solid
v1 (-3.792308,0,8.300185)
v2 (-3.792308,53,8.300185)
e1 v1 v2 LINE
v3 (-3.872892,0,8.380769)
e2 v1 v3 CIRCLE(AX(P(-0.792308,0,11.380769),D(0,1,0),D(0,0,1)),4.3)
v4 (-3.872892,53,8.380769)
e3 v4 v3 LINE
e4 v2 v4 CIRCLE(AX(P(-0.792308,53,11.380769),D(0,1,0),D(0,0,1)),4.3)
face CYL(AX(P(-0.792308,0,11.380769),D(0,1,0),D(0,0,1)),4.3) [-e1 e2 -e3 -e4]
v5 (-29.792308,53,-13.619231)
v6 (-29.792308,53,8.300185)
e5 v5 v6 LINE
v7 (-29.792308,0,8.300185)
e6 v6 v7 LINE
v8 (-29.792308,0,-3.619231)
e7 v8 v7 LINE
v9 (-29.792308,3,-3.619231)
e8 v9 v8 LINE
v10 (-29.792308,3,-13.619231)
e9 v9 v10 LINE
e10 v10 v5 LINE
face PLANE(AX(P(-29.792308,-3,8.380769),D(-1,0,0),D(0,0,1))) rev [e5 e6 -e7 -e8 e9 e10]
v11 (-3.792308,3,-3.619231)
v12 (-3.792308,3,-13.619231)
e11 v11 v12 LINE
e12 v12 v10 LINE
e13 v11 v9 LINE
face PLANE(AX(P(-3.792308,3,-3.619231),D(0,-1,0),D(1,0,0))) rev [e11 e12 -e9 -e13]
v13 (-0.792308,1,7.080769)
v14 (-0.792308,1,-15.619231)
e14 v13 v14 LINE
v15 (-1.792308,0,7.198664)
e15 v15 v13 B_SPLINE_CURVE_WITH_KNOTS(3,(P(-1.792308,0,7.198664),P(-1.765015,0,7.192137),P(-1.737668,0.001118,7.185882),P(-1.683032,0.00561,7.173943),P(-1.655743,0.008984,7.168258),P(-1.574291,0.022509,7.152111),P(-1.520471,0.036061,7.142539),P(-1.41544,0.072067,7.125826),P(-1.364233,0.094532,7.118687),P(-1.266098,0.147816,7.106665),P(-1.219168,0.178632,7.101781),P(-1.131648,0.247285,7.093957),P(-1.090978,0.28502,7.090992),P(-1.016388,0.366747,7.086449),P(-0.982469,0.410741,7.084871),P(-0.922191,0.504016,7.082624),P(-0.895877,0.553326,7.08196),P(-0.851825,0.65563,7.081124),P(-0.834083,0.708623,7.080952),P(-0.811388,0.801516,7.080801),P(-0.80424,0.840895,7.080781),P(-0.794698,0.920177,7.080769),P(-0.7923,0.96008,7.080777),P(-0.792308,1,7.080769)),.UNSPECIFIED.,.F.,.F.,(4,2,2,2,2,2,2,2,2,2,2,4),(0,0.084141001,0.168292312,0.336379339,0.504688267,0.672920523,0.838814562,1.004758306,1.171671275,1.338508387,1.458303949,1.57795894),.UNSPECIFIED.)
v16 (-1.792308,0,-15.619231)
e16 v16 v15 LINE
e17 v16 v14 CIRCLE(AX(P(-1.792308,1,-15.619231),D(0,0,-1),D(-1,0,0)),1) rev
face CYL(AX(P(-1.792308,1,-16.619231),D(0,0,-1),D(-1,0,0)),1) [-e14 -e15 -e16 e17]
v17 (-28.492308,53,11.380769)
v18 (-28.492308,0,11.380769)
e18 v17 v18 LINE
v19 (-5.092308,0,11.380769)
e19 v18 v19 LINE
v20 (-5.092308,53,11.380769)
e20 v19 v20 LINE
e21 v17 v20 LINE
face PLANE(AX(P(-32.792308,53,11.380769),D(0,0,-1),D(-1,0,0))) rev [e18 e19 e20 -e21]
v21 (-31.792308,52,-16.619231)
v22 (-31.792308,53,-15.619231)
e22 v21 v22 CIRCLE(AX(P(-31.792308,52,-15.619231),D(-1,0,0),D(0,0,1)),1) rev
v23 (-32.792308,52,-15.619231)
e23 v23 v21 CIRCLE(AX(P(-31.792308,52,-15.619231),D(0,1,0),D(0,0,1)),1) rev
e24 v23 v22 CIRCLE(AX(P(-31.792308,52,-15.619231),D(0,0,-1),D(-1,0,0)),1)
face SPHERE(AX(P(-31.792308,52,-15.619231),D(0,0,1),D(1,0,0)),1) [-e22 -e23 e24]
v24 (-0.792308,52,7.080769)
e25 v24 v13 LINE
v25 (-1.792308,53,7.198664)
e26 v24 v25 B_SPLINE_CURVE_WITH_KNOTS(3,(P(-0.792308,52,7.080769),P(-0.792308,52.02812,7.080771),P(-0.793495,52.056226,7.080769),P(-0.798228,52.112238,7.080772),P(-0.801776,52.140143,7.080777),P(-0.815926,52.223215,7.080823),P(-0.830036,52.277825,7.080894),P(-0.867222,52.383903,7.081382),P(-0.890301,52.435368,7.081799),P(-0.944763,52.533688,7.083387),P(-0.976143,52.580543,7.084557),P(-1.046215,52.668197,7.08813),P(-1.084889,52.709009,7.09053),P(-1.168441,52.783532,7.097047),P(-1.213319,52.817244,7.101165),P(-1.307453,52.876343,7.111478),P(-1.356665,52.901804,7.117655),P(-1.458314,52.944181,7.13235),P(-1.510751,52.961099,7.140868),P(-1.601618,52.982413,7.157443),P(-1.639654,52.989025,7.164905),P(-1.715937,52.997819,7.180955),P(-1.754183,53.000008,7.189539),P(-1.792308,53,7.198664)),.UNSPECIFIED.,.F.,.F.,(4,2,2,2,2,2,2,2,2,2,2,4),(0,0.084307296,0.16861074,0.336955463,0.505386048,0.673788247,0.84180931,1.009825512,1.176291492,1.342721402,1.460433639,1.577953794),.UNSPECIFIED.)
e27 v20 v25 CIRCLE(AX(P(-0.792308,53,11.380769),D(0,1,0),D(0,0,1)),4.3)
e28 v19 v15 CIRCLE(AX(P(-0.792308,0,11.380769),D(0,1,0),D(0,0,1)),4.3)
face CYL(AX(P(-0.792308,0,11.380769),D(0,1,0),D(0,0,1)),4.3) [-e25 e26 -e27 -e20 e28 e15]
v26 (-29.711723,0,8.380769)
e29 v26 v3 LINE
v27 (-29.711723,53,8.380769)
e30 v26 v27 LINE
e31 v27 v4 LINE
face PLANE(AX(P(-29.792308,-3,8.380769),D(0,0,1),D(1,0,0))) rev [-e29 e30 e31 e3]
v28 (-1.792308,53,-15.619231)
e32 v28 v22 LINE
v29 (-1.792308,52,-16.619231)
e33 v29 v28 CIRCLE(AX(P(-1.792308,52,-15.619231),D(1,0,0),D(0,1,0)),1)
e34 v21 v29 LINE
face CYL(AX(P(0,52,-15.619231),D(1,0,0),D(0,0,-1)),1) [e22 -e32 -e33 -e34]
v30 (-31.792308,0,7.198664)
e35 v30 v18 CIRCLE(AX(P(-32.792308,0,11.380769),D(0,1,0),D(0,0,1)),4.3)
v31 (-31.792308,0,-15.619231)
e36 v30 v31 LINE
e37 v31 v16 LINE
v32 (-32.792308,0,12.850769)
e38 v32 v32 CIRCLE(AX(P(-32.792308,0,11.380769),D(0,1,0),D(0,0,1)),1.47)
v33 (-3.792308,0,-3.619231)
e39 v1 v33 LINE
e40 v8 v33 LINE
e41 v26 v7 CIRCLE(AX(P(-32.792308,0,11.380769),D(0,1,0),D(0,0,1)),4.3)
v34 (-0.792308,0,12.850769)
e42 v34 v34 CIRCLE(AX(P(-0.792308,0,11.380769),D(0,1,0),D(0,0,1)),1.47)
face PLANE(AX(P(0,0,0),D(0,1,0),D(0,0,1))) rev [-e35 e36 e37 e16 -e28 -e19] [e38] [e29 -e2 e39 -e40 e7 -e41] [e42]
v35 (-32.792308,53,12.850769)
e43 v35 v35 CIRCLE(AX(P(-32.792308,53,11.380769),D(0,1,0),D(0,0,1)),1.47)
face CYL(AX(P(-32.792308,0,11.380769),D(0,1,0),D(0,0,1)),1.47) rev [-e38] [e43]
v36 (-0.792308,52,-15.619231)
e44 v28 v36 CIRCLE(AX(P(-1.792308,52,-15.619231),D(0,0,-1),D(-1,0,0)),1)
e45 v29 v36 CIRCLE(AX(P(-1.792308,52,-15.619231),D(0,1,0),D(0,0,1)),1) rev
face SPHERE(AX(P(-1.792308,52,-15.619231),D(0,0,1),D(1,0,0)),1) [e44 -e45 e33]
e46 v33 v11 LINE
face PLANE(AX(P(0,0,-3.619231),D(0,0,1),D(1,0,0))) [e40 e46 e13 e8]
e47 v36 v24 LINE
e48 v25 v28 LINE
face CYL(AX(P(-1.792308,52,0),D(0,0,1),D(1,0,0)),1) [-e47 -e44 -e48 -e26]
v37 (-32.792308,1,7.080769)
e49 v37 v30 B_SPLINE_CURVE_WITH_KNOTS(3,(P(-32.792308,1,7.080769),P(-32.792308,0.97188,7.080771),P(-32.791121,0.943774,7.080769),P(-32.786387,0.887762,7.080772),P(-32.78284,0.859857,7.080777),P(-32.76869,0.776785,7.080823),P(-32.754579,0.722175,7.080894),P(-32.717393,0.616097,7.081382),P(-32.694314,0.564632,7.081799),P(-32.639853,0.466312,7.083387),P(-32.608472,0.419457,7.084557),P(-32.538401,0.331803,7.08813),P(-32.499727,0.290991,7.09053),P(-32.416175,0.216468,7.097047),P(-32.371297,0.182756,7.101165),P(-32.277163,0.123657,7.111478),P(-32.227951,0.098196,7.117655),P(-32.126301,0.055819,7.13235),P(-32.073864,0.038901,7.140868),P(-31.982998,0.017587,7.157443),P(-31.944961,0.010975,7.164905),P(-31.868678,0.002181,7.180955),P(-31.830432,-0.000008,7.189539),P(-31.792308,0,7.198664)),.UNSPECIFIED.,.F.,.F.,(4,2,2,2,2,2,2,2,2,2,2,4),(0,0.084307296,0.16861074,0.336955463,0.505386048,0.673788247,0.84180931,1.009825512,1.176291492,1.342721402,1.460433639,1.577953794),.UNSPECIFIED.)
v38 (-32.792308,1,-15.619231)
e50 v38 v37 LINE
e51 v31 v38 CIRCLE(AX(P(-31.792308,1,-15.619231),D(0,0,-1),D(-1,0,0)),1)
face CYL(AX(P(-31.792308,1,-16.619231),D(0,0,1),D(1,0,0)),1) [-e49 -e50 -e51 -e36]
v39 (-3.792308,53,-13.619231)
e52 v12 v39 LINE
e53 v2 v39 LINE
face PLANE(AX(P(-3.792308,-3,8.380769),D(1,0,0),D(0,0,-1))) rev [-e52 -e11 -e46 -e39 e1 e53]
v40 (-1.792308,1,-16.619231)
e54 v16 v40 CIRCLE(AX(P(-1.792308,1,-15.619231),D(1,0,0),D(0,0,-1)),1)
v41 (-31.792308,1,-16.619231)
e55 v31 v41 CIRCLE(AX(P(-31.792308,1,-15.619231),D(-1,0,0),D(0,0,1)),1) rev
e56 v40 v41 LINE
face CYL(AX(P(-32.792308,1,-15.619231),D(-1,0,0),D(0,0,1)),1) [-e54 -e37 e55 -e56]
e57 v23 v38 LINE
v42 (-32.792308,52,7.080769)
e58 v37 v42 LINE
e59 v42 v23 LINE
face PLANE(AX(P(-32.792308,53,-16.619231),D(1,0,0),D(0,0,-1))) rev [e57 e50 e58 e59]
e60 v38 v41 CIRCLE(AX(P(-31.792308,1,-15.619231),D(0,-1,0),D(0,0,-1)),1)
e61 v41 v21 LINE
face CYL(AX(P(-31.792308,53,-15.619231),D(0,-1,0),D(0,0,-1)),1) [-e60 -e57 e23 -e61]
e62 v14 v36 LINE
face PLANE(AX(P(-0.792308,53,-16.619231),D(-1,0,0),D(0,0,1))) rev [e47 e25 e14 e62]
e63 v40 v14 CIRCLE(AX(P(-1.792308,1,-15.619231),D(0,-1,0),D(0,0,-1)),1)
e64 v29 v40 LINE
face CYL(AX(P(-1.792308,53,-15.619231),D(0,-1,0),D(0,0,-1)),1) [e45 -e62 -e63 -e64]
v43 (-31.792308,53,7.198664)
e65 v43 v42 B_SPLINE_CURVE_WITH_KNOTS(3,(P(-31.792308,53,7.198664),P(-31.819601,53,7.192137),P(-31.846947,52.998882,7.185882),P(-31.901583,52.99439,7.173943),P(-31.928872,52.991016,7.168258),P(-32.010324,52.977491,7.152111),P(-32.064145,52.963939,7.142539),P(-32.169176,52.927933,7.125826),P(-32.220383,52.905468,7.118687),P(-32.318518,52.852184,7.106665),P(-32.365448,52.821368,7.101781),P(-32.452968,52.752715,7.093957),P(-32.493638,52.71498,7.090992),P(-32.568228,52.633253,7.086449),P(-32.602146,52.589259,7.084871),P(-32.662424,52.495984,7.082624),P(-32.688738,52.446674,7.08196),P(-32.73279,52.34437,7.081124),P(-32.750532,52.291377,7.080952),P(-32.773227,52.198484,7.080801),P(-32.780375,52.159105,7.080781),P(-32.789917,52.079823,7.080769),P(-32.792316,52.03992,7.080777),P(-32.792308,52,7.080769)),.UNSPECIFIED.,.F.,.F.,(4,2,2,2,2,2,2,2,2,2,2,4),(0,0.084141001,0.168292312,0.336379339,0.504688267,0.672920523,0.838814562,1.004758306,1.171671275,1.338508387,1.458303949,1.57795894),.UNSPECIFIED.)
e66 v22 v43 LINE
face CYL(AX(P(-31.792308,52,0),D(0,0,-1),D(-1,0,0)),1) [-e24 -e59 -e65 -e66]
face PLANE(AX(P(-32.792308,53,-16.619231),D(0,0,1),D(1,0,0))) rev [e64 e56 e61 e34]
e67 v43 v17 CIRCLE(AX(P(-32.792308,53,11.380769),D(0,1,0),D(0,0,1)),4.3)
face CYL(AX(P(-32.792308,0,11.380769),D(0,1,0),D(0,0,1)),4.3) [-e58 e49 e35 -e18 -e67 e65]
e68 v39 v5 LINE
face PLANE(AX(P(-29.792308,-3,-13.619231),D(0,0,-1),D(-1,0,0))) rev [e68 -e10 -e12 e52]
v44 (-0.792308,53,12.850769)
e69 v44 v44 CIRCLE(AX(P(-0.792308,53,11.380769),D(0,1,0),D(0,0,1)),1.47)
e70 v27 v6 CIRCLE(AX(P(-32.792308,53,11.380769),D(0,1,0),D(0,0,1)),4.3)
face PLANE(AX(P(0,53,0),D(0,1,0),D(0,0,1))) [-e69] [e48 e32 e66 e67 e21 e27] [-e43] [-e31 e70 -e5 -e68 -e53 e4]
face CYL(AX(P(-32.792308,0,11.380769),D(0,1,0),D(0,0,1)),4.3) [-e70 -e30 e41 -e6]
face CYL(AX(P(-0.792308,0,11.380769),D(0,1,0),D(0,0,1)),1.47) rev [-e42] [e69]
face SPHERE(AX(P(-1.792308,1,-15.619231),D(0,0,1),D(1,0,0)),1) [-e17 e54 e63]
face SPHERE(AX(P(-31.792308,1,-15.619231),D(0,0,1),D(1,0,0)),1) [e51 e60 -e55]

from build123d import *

# Parameters (mm, degrees)
SKETCH1_W           = 32
SKETCH1_H           = 28
BOSS_EXTRUDE1_DEPTH = 53
SKETCH2_W           = 26
SKETCH2_H           = 22
CUT_EXTRUDE1_DEPTH  = 56
SKETCH9_R           = 4.3
BOSS_EXTRUDE5_DEPTH = 53
SKETCH10_R          = 1.47
CUT_EXTRUDE5_DEPTH  = 53
SKETCH11_R          = 4.3
BOSS_EXTRUDE6_DEPTH = 53
SKETCH12_W          = 26
SKETCH12_H          = 3
BOSS_EXTRUDE7_DEPTH = 10
SKETCH13_R          = 1.47
CUT_EXTRUDE6_DEPTH  = 53
FILLET1_R           = 1


with BuildPart() as part:
    # Sketch1 → Boss-Extrude1 (new body)
    with BuildSketch(Plane(origin=(0, 0, 0), x_dir=(1, 0, 0), z_dir=(0, 1, 0))):
        with Locations((-16.792307692, 2.619230769)):
            Rectangle(SKETCH1_W, SKETCH1_H)
    extrude(amount=BOSS_EXTRUDE1_DEPTH)

    # Sketch2 → Cut-Extrude1 (cut)
    with BuildSketch(Plane(origin=(0, 53, 0), x_dir=(1, 0, 0), z_dir=(0, 1, 0))):
        with Locations((-16.792307692, 2.619230769)):
            Rectangle(SKETCH2_W, SKETCH2_H)
    extrude(amount=-CUT_EXTRUDE1_DEPTH, mode=Mode.SUBTRACT)

    # Sketch9 → Boss-Extrude5 (add)
    with BuildSketch(Plane(origin=(0, 53, 0), x_dir=(1, 0, 0), z_dir=(0, 1, 0))):
        with Locations((-32.792307692, -11.380769231)):
            Circle(SKETCH9_R)
    extrude(amount=-BOSS_EXTRUDE5_DEPTH)

    # Sketch10 → Cut-Extrude5 (cut)
    with BuildSketch(Plane(origin=(0, 53, 0), x_dir=(1, 0, 0), z_dir=(0, 1, 0))):
        with Locations((-32.792307692, -11.380769231)):
            Circle(SKETCH10_R)
    extrude(amount=-CUT_EXTRUDE5_DEPTH, mode=Mode.SUBTRACT)

    # Sketch11 → Boss-Extrude6 (add)
    with BuildSketch(Plane(origin=(0, 53, 0), x_dir=(1, 0, 0), z_dir=(0, 1, 0))):
        with Locations((-0.792307692, -11.380769231)):
            Circle(SKETCH11_R)
    extrude(amount=-BOSS_EXTRUDE6_DEPTH)

    # Sketch12 → Boss-Extrude7 (add)
    with BuildSketch(Plane.XY.offset(-13.619230769)):
        with Locations((-16.792307692, 1.5)):
            Rectangle(SKETCH12_W, SKETCH12_H)
    extrude(amount=BOSS_EXTRUDE7_DEPTH)

    # Sketch13 → Cut-Extrude6 (cut)
    with BuildSketch(Plane(origin=(0, 53, 0), x_dir=(1, 0, 0), z_dir=(0, 1, 0))):
        with Locations((-0.792307692, -11.380769231)):
            Circle(SKETCH13_R)
    extrude(amount=-CUT_EXTRUDE6_DEPTH, mode=Mode.SUBTRACT)

    # Fillet1
    fillet1_edges = [part.edges().sort_by_distance(p)[0] for p in [
        (-16.792307692, 53, -16.619230769),
        (-32.792307692, 53, -4.769230769),
        (-16.792307692, 0, -16.619230769),
        (-32.792307692, 0, -4.769230769),
        (-0.792307692, 0, -4.769230769),
        (-0.792307692, 53, -4.769230769),
        (-32.792307692, 26.5, -16.619230769),
        (-0.792307692, 26.5, -16.619230769),
    ]]
    fillet(fillet1_edges, radius=FILLET1_R)


solid = part.part
